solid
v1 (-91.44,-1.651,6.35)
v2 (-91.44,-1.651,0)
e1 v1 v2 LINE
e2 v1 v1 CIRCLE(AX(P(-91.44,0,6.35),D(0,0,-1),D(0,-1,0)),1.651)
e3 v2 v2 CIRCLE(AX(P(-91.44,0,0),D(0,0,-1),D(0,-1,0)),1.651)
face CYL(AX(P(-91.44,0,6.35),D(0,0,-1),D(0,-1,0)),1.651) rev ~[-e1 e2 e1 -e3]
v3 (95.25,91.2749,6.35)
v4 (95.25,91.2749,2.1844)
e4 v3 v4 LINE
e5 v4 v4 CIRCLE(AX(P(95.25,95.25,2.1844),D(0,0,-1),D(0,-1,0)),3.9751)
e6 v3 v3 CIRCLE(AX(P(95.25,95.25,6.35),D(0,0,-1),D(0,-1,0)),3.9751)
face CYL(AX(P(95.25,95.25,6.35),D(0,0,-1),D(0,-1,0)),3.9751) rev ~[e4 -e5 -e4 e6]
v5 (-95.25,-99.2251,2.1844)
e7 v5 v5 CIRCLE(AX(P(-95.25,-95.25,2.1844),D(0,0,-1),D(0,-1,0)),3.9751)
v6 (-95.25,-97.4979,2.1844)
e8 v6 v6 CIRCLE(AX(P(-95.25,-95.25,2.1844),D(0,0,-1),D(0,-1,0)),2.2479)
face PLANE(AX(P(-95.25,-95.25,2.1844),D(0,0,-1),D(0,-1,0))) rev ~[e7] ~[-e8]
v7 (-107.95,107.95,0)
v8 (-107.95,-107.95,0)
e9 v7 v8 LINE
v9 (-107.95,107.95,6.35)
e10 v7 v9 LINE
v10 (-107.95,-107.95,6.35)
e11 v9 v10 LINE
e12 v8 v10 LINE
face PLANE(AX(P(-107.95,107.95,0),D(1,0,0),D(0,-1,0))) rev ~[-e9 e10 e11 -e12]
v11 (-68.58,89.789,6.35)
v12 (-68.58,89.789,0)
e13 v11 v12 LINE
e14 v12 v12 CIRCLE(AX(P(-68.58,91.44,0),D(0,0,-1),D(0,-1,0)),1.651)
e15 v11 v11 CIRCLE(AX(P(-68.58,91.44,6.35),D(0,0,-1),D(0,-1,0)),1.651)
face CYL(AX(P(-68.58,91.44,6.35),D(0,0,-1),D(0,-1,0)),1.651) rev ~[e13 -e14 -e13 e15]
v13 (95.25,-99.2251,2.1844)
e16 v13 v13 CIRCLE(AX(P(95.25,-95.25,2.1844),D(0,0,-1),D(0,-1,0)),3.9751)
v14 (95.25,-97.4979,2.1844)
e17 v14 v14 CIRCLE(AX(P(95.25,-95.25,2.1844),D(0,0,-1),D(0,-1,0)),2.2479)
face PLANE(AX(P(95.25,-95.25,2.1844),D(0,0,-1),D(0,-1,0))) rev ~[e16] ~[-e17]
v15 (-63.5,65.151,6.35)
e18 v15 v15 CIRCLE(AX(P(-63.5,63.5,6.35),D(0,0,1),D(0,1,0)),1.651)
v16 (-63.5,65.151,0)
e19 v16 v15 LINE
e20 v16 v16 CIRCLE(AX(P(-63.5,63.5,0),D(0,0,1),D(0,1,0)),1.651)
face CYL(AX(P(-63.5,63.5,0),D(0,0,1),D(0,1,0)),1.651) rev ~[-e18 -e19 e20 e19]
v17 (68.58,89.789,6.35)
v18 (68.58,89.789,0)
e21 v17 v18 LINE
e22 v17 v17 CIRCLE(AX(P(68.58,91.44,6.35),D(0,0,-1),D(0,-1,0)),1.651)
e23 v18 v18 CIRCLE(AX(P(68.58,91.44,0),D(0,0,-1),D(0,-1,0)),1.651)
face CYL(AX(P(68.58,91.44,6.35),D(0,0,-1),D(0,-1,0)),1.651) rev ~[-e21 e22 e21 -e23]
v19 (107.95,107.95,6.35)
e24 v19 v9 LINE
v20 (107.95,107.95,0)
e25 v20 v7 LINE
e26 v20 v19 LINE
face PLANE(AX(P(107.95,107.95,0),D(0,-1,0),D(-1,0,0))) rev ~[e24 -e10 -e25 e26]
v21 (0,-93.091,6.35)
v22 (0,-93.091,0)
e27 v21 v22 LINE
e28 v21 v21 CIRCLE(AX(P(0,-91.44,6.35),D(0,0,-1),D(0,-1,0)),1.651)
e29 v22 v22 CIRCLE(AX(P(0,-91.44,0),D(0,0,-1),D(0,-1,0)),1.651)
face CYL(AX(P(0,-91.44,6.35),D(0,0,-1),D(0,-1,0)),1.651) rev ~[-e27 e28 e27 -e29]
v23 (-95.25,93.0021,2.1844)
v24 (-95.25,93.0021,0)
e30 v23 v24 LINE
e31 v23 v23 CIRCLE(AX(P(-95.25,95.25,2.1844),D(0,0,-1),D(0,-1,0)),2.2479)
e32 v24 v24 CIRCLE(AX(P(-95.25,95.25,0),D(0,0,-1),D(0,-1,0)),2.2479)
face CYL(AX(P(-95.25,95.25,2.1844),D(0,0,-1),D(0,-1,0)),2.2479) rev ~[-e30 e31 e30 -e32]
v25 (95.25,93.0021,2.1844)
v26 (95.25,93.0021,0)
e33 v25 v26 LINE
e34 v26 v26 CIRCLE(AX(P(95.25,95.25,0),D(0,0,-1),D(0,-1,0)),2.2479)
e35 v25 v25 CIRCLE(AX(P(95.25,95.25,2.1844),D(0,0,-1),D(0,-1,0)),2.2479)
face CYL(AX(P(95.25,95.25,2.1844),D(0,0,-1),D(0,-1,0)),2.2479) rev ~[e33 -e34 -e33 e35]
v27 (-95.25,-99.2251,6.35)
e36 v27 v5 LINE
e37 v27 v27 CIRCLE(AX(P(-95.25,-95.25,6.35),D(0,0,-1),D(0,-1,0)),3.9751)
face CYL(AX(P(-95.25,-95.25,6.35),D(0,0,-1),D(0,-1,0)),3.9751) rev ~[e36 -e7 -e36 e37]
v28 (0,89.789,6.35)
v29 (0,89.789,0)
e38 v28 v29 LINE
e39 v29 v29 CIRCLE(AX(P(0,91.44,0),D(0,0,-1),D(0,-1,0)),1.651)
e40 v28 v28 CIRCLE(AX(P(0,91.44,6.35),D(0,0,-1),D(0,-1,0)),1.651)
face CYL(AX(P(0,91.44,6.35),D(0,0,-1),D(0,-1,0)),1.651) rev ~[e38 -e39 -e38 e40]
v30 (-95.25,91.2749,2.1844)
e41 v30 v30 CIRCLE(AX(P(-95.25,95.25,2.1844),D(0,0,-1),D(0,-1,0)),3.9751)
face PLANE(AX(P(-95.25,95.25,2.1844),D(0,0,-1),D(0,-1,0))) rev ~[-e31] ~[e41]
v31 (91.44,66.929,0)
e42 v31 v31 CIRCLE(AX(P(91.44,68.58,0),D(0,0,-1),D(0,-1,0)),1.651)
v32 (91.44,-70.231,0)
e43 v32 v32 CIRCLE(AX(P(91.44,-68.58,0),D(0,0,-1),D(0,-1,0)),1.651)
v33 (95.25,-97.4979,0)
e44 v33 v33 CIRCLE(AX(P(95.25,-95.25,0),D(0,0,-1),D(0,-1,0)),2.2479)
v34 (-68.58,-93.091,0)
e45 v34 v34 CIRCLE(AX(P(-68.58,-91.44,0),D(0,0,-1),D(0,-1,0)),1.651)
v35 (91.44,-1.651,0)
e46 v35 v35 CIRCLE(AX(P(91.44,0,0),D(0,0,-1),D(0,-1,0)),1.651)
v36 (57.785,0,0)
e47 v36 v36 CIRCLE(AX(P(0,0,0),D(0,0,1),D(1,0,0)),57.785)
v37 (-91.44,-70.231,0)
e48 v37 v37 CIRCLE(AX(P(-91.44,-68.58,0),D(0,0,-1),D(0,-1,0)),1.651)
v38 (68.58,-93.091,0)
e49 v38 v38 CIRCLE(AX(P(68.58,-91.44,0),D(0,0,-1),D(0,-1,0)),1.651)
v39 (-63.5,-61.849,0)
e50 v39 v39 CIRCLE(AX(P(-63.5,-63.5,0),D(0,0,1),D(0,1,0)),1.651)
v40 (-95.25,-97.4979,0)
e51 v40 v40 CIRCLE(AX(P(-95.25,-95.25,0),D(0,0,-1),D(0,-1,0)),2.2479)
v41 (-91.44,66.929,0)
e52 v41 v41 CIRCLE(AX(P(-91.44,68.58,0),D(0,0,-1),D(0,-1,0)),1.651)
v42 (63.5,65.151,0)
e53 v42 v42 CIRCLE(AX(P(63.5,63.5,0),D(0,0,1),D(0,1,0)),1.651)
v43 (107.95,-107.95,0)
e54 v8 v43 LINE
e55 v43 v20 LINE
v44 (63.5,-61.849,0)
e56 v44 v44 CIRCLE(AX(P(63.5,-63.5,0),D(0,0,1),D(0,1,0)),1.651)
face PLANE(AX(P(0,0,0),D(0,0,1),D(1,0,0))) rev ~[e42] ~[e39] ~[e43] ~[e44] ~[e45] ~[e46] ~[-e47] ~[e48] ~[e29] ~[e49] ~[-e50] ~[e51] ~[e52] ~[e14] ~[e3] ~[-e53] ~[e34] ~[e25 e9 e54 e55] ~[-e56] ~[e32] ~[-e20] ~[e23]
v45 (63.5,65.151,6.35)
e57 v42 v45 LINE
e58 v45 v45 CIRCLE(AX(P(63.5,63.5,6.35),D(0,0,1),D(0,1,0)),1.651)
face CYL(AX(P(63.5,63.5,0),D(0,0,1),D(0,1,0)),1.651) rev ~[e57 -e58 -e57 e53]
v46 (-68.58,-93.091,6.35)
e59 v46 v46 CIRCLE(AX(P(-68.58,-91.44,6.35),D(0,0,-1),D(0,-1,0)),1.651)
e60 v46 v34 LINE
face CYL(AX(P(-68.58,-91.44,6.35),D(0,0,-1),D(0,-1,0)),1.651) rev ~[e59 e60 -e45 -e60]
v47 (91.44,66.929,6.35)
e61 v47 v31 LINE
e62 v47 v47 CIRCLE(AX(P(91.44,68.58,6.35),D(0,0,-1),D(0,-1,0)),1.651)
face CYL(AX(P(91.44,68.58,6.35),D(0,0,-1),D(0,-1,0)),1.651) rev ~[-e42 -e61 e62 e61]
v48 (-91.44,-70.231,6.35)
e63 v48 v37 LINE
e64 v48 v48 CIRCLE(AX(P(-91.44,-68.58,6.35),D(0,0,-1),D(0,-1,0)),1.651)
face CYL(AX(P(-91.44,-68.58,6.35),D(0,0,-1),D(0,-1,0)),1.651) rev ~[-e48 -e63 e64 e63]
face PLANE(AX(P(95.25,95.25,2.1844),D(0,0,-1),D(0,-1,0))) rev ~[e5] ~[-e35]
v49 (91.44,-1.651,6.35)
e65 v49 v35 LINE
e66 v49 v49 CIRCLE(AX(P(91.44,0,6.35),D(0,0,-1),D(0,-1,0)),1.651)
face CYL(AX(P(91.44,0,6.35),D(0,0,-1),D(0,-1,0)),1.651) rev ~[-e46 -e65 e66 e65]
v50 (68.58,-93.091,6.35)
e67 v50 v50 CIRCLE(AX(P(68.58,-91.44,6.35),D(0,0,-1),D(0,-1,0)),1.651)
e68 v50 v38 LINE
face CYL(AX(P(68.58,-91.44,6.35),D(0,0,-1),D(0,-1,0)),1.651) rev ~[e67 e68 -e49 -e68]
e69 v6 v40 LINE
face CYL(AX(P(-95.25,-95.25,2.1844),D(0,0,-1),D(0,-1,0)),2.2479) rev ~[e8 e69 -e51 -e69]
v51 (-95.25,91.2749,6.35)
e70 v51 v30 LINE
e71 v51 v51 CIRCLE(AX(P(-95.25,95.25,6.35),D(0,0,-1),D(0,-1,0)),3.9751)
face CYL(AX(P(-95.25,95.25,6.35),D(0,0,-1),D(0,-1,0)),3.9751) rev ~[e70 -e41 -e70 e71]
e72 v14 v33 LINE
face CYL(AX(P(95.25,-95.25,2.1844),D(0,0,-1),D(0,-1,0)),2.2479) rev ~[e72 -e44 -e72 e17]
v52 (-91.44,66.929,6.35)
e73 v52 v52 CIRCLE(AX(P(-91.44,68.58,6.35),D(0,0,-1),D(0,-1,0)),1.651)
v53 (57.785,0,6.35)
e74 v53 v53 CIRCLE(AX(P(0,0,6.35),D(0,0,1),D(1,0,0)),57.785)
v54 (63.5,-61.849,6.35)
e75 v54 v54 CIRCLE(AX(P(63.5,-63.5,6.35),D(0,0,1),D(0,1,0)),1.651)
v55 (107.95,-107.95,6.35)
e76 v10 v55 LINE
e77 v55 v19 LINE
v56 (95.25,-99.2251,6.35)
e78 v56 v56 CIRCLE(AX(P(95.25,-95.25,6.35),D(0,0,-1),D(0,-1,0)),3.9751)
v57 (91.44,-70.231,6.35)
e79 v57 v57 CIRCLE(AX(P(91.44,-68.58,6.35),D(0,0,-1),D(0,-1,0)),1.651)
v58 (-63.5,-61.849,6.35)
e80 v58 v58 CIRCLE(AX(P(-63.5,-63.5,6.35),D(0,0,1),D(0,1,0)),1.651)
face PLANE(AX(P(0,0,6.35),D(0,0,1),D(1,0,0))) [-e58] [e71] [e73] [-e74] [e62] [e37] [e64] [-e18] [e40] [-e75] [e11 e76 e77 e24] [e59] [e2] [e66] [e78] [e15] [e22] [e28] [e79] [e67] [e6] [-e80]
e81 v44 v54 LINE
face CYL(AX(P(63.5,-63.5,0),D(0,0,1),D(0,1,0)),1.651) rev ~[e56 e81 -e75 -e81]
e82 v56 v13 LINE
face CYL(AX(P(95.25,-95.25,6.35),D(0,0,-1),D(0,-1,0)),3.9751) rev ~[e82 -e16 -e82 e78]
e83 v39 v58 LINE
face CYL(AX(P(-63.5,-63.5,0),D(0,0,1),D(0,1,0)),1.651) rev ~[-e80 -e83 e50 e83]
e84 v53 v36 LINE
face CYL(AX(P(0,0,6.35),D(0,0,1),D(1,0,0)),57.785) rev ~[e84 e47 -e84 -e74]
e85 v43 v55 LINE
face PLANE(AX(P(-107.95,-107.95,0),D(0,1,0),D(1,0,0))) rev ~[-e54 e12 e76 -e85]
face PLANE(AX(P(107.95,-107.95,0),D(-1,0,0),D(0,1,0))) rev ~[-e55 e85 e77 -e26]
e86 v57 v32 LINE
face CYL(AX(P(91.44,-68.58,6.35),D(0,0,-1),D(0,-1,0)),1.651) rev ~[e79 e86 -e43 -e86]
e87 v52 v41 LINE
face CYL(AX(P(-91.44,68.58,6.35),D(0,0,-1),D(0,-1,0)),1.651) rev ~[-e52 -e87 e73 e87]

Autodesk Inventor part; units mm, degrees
ref_plane "YZ Plane" through (0, 0, 0) normal (1, 0, 0) x (0, 1, 0)
ref_plane "XZ Plane" through (0, 0, 0) normal (0, 1, 0) x (-1, 0, 0)
ref_plane "XY Plane" through (0, 0, 0) normal (0, 0, 1) x (1, 0, 0)
sketch "Sketch1" plane through (0, 0, 0) normal (0, 0, 1) x (1, 0, 0)
  line L0 (-107.95, -107.95) -> (107.95, -107.95)
  line L1 (107.95, -107.95) -> (107.95, 107.95)
  line L2 (107.95, 107.95) -> (-107.95, 107.95)
  line L3 (-107.95, 107.95) -> (-107.95, -107.95)
  line L4 (-107.95, -107.95) -> (107.95, 107.95) construction
  point P0 (0, 0)
  point P1 (0, 0)
  dimension "d0" = 215.9
  dimension "d1" = 215.9
extrude "Extrusion1" add sketch "Sketch1" along normal blind 6.35
sketch "Sketch3" plane through (0, 0, 6.35) normal (0, 0, 1) x (1, 0, 0)
  circle A0 centre (0, 0) radius 57.785
  dimension "d44" = 115.57
extrude "Extrusion3" cut sketch "Sketch3" against normal through all
sketch "Sketch5" plane through (0, 0, 6.35) normal (0, 0, 1) x (1, 0, 0)
  line L0 (-95.25, -95.25) -> (95.25, -95.25) construction
  line L1 (95.25, -95.25) -> (95.25, 95.25) construction
  line L2 (95.25, 95.25) -> (-95.25, 95.25) construction
  line L3 (-95.25, 95.25) -> (-95.25, -95.25) construction
  line L4 (-95.25, -95.25) -> (95.25, 95.25) construction
  point P0 (0, 0)
  point P1 (0, 0)
  point P2 (0, 0)
  dimension "d15" = 190.5
  dimension "d16" = 190.5
hole "Hole1" at (-95.25, 95.25, 6.35) at (95.25, 95.25, 6.35) at (95.25, -95.25, 6.35) at (-95.25, -95.25, 6.35) direction (0, 0, -1) diameter 4.4958 end through all counterbore diameter 7.9502 counterbore depth 4.1656 clearance for "Socket Head Cap Screw" size "#8" standard "Ansi Unified Screw Threads"
sketch "Sketch6" plane through (0, 0, 0) normal (0, 0, -1) x (-1, 0, 0)
  line L0 (-63.5, -63.5) -> (63.5, -63.5) construction
  line L1 (63.5, -63.5) -> (63.5, 63.5) construction
  line L2 (63.5, 63.5) -> (-63.5, 63.5) construction
  line L3 (-63.5, 63.5) -> (-63.5, -63.5) construction
  line L4 (-63.5, -63.5) -> (63.5, 63.5) construction
  point P0 (0, 0)
  point P1 (0, 0)
  dimension "d24" = 127
  dimension "d25" = 127
hole "Hole2" at (63.5, 63.5, 0) at (-63.5, 63.5, 0) at (-63.5, -63.5, 0) at (63.5, -63.5, 0) direction (0, 0, 1) diameter 3.302 end through all thread size "8-32 UNC" class "2B" standard "ANSI Unified Screw Threads"
sketch "Sketch7" plane through (0, 0, 6.35) normal (0, 0, 1) x (1, 0, 0)
  line L0 (-91.44, -91.44) -> (91.44, -91.44) construction
  line L1 (91.44, -91.44) -> (91.44, 91.44) construction
  line L2 (91.44, 91.44) -> (-91.44, 91.44) construction
  line L3 (-91.44, 91.44) -> (-91.44, -91.44) construction
  line L4 (-91.44, -91.44) -> (91.44, 91.44) construction
  line L5 (-151.13, 0) -> (151.13, 0) construction
  line L6 (0, -151.13) -> (0, 151.13) construction
  point P0 (0, 0)
  point P1 (0, 0)
  point P2 (-68.58, 91.44)
  point P3 (0, 91.44)
  point P4 (68.58, 91.44)
  point P5 (91.44, 68.58)
  point P6 (91.44, 0)
  point P7 (91.44, -68.58)
  point P8 (68.58, -91.44)
  point P9 (0, -91.44)
  point P10 (-68.58, -91.44)
  point P11 (-91.44, -68.58)
  point P12 (-91.44, 0)
  point P13 (-91.44, 68.58)
  dimension "d33" = 182.88
  dimension "d34" = 182.88
  dimension "d35" = 22.86
  dimension "d36" = 22.86
hole "Hole3" at (-68.58, 91.44, 6.35) at (0, 91.44, 6.35) at (68.58, 91.44, 6.35) at (91.44, 68.58, 6.35) at (91.44, 0, 6.35) at (91.44, -68.58, 6.35) at (68.58, -91.44, 6.35) at (0, -91.44, 6.35) at (-68.58, -91.44, 6.35) at (-91.44, -68.58, 6.35) at (-91.44, 0, 6.35) at (-91.44, 68.58, 6.35) direction (0, 0, -1) diameter 3.302 end through all thread size "8-32 UNC" class "2B" standard "ANSI Unified Screw Threads"
equation "\"d15\" = d16"
equation "\"d25\" = d24"
properties part number "J002448" material "ALUMINUM, 6061-T651"
